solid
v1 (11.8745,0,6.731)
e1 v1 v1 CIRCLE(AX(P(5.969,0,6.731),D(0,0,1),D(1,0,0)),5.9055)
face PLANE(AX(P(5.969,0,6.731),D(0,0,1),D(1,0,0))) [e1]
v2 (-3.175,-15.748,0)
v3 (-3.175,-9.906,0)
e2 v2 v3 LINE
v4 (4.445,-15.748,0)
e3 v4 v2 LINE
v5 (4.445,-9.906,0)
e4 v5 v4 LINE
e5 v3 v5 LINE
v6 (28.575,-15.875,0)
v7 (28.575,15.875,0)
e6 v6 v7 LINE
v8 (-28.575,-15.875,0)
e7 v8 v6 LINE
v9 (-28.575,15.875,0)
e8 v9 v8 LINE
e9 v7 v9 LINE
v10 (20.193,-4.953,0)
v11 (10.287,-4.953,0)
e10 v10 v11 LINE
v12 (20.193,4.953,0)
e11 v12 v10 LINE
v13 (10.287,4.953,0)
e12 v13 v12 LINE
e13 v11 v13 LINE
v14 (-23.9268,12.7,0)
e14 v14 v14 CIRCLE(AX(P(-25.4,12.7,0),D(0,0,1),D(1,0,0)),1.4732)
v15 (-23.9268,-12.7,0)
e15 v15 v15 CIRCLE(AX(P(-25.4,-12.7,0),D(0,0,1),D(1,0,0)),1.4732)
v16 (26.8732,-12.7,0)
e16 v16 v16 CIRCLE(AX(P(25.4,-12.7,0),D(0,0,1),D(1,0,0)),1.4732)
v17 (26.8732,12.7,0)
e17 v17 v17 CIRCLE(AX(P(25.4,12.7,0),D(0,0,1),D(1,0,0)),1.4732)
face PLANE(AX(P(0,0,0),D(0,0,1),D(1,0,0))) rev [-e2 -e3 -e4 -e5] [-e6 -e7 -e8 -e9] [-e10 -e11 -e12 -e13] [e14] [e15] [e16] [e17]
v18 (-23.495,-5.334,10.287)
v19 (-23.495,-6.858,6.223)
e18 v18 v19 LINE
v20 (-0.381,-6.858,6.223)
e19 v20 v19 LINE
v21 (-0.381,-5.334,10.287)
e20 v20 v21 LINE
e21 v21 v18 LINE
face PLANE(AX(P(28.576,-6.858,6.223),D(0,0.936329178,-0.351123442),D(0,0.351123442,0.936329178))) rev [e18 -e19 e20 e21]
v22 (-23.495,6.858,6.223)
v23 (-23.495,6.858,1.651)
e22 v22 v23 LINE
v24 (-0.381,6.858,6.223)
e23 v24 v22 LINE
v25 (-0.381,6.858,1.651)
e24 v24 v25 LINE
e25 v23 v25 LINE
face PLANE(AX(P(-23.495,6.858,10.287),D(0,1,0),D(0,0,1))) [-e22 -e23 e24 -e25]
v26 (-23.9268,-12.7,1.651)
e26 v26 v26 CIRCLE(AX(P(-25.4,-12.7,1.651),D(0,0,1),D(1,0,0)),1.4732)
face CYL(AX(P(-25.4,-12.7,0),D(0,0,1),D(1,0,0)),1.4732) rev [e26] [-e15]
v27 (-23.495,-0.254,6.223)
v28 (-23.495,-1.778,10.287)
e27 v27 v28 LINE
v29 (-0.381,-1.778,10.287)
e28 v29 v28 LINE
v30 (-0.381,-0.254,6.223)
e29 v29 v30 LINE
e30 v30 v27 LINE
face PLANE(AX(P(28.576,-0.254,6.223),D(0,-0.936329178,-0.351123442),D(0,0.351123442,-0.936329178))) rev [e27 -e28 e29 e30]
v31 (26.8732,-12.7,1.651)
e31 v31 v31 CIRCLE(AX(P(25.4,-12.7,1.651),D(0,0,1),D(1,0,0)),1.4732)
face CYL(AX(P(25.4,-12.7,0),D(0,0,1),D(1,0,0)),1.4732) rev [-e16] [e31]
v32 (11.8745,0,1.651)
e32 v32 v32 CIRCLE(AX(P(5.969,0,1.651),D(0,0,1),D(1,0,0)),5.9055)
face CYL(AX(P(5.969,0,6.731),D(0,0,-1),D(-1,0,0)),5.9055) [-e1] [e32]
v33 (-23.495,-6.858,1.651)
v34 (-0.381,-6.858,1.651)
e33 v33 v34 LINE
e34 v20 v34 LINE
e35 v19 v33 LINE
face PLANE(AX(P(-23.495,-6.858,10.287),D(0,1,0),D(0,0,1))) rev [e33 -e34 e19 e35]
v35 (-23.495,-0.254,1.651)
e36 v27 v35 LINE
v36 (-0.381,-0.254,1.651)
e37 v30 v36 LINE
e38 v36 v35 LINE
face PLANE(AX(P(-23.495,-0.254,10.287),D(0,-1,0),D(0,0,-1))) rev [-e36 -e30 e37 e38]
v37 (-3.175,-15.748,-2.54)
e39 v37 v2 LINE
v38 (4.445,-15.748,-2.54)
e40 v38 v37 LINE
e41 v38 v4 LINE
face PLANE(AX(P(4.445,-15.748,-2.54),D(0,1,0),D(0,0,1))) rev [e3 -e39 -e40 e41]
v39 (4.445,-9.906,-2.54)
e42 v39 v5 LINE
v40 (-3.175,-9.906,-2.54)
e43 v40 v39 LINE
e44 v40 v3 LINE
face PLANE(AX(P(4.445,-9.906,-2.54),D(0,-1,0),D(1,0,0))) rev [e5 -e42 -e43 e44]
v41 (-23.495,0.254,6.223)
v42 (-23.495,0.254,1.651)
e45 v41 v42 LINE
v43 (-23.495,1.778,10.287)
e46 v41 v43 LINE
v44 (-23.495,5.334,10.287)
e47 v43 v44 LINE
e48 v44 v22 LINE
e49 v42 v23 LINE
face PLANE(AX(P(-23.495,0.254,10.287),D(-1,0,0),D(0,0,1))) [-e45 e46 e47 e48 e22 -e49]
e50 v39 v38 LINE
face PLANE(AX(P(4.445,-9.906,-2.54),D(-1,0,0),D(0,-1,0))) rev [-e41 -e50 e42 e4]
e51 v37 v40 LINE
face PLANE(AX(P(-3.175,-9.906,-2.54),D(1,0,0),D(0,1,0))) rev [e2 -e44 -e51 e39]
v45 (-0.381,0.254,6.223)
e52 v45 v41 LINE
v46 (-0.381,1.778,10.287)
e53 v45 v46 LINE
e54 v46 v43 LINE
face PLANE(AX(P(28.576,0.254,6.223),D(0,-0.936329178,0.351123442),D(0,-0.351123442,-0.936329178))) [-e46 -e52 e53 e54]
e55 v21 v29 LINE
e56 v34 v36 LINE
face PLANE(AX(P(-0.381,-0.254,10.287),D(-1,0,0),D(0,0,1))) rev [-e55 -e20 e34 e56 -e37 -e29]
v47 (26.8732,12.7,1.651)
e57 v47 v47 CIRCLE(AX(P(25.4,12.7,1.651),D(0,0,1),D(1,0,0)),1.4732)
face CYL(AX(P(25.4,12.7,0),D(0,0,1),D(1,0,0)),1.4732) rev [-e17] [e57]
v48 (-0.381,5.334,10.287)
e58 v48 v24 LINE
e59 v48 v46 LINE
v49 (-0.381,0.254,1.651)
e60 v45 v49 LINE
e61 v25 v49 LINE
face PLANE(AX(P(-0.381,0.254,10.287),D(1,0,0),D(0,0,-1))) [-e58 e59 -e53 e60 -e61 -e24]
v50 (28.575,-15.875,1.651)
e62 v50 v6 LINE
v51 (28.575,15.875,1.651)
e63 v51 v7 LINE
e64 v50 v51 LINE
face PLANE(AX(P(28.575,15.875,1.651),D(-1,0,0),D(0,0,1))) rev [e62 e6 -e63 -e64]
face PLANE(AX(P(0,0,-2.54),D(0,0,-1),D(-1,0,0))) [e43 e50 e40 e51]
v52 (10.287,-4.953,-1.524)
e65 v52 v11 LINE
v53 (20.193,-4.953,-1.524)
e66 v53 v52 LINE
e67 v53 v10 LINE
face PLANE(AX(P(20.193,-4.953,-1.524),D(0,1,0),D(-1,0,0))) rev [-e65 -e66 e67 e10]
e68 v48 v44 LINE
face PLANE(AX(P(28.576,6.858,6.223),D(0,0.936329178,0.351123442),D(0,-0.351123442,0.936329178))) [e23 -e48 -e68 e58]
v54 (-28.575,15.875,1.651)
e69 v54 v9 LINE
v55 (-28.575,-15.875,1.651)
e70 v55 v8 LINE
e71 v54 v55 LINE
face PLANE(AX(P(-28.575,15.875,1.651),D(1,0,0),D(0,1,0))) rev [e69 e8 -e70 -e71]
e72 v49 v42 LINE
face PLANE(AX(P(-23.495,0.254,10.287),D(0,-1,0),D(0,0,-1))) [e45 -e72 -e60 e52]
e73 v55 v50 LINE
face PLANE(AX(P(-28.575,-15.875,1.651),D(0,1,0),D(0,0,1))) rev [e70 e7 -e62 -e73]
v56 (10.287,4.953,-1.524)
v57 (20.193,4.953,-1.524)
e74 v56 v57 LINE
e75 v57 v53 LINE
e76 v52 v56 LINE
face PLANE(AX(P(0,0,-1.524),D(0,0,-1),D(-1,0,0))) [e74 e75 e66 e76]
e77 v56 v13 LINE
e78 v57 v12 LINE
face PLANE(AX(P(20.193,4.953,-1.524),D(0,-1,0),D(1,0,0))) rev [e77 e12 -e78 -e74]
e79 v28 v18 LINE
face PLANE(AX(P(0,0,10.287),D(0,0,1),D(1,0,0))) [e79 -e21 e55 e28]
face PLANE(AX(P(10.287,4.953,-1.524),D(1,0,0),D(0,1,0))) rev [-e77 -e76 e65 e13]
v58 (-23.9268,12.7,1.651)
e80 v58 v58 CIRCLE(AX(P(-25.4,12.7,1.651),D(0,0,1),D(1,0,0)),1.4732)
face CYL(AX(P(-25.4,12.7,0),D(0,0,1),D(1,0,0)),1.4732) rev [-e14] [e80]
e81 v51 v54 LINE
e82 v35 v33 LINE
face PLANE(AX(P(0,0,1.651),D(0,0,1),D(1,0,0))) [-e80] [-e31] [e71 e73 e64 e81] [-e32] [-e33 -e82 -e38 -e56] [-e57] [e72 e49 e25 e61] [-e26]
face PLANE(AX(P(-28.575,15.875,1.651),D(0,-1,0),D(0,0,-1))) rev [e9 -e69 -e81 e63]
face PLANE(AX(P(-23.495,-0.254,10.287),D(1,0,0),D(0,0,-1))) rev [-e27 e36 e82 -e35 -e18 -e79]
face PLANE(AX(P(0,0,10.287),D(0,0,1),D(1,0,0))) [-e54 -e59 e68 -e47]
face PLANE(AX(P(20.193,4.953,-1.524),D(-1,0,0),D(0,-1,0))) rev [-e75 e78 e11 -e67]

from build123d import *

# Parameters (mm, degrees)
SKETCH1_W               = 57.15
SKETCH1_H               = 31.75
BOSS_EXTRUDE1_DEPTH     = 1.651
SKETCH2_R               = 1.4732
MOUNT_HOLES_DEPTH       = 2.651
SKETCH3_W               = 23.114
SKETCH3_H               = 6.604
BOSS_EXTRUDE2_DEPTH     = 8.636
CUT_EXTRUDE1_DEPTH      = 23.114
SKETCH5_W               = 9.906
SKETCH5_H               = 9.906
LARGE_BOTTOM_CHIP_DEPTH = 1.524
SKETCH8_R               = 5.9055
BUZZER_DEPTH            = 5.08
SKETCH9_W               = 7.62
SKETCH9_H               = 5.842
USB_CONNECTOR_DEPTH     = 2.54


with BuildPart() as part:
    # Sketch1 → Boss-Extrude1 (new body)
    with BuildSketch(Plane.XY):
        Rectangle(SKETCH1_W, SKETCH1_H)
    extrude(amount=BOSS_EXTRUDE1_DEPTH)

    # Sketch2 → Mount-Holes (cut, through all)
    with BuildSketch(Plane.XY.offset(1.651)):
        with Locations((25.4, -12.7)):
            Circle(SKETCH2_R)
        with Locations((25.4, 12.7)):
            Circle(SKETCH2_R)
        with Locations((-25.4, 12.7)):
            Circle(SKETCH2_R)
        with Locations((-25.4, -12.7)):
            Circle(SKETCH2_R)
    extrude(amount=-MOUNT_HOLES_DEPTH, mode=Mode.SUBTRACT)

    # Sketch3 → Boss-Extrude2 (add)
    with BuildSketch(Plane.XY.offset(1.651)):
        with Locations((-11.938, -3.556)):
            Rectangle(SKETCH3_W, SKETCH3_H)
    boss_extrude2 = extrude(amount=BOSS_EXTRUDE2_DEPTH)

    # Sketch4 → Cut-Extrude1 (cut)
    with BuildSketch(Plane.ZY.offset(23.495)):
        Polygon((6.223, -6.858), (10.287, -5.334), (10.287, -6.858), align=None)
        Polygon((10.287, -0.254), (10.287, -1.778), (6.223, -0.254), align=None)
    cut_extrude1 = extrude(amount=-CUT_EXTRUDE1_DEPTH, mode=Mode.SUBTRACT)

    # Mirror1: Boss-Extrude2, Cut-Extrude1 across plane
    add(boss_extrude2.mirror(Plane.ZX))
    add(cut_extrude1.mirror(Plane.ZX), mode=Mode.SUBTRACT)

    # Sketch5 → Large bottom chip (add)
    with BuildSketch(Plane(origin=(0, 0, 0), x_dir=(-1, 0, 0), z_dir=(0, 0, -1))):
        with Locations((-15.24, 0)):
            Rectangle(SKETCH5_W, SKETCH5_H)
    extrude(amount=LARGE_BOTTOM_CHIP_DEPTH)

    # Sketch8 → Buzzer (add)
    with BuildSketch(Plane.XY.offset(1.651)):
        with Locations((5.969, 0)):
            Circle(SKETCH8_R)
    extrude(amount=BUZZER_DEPTH)

    # Sketch9 → USB Connector (add)
    with BuildSketch(Plane(origin=(0, 0, 0), x_dir=(-1, 0, 0), z_dir=(0, 0, -1))):
        with Locations((-0.635, -12.827)):
            Rectangle(SKETCH9_W, SKETCH9_H)
    extrude(amount=USB_CONNECTOR_DEPTH)


solid = part.part
